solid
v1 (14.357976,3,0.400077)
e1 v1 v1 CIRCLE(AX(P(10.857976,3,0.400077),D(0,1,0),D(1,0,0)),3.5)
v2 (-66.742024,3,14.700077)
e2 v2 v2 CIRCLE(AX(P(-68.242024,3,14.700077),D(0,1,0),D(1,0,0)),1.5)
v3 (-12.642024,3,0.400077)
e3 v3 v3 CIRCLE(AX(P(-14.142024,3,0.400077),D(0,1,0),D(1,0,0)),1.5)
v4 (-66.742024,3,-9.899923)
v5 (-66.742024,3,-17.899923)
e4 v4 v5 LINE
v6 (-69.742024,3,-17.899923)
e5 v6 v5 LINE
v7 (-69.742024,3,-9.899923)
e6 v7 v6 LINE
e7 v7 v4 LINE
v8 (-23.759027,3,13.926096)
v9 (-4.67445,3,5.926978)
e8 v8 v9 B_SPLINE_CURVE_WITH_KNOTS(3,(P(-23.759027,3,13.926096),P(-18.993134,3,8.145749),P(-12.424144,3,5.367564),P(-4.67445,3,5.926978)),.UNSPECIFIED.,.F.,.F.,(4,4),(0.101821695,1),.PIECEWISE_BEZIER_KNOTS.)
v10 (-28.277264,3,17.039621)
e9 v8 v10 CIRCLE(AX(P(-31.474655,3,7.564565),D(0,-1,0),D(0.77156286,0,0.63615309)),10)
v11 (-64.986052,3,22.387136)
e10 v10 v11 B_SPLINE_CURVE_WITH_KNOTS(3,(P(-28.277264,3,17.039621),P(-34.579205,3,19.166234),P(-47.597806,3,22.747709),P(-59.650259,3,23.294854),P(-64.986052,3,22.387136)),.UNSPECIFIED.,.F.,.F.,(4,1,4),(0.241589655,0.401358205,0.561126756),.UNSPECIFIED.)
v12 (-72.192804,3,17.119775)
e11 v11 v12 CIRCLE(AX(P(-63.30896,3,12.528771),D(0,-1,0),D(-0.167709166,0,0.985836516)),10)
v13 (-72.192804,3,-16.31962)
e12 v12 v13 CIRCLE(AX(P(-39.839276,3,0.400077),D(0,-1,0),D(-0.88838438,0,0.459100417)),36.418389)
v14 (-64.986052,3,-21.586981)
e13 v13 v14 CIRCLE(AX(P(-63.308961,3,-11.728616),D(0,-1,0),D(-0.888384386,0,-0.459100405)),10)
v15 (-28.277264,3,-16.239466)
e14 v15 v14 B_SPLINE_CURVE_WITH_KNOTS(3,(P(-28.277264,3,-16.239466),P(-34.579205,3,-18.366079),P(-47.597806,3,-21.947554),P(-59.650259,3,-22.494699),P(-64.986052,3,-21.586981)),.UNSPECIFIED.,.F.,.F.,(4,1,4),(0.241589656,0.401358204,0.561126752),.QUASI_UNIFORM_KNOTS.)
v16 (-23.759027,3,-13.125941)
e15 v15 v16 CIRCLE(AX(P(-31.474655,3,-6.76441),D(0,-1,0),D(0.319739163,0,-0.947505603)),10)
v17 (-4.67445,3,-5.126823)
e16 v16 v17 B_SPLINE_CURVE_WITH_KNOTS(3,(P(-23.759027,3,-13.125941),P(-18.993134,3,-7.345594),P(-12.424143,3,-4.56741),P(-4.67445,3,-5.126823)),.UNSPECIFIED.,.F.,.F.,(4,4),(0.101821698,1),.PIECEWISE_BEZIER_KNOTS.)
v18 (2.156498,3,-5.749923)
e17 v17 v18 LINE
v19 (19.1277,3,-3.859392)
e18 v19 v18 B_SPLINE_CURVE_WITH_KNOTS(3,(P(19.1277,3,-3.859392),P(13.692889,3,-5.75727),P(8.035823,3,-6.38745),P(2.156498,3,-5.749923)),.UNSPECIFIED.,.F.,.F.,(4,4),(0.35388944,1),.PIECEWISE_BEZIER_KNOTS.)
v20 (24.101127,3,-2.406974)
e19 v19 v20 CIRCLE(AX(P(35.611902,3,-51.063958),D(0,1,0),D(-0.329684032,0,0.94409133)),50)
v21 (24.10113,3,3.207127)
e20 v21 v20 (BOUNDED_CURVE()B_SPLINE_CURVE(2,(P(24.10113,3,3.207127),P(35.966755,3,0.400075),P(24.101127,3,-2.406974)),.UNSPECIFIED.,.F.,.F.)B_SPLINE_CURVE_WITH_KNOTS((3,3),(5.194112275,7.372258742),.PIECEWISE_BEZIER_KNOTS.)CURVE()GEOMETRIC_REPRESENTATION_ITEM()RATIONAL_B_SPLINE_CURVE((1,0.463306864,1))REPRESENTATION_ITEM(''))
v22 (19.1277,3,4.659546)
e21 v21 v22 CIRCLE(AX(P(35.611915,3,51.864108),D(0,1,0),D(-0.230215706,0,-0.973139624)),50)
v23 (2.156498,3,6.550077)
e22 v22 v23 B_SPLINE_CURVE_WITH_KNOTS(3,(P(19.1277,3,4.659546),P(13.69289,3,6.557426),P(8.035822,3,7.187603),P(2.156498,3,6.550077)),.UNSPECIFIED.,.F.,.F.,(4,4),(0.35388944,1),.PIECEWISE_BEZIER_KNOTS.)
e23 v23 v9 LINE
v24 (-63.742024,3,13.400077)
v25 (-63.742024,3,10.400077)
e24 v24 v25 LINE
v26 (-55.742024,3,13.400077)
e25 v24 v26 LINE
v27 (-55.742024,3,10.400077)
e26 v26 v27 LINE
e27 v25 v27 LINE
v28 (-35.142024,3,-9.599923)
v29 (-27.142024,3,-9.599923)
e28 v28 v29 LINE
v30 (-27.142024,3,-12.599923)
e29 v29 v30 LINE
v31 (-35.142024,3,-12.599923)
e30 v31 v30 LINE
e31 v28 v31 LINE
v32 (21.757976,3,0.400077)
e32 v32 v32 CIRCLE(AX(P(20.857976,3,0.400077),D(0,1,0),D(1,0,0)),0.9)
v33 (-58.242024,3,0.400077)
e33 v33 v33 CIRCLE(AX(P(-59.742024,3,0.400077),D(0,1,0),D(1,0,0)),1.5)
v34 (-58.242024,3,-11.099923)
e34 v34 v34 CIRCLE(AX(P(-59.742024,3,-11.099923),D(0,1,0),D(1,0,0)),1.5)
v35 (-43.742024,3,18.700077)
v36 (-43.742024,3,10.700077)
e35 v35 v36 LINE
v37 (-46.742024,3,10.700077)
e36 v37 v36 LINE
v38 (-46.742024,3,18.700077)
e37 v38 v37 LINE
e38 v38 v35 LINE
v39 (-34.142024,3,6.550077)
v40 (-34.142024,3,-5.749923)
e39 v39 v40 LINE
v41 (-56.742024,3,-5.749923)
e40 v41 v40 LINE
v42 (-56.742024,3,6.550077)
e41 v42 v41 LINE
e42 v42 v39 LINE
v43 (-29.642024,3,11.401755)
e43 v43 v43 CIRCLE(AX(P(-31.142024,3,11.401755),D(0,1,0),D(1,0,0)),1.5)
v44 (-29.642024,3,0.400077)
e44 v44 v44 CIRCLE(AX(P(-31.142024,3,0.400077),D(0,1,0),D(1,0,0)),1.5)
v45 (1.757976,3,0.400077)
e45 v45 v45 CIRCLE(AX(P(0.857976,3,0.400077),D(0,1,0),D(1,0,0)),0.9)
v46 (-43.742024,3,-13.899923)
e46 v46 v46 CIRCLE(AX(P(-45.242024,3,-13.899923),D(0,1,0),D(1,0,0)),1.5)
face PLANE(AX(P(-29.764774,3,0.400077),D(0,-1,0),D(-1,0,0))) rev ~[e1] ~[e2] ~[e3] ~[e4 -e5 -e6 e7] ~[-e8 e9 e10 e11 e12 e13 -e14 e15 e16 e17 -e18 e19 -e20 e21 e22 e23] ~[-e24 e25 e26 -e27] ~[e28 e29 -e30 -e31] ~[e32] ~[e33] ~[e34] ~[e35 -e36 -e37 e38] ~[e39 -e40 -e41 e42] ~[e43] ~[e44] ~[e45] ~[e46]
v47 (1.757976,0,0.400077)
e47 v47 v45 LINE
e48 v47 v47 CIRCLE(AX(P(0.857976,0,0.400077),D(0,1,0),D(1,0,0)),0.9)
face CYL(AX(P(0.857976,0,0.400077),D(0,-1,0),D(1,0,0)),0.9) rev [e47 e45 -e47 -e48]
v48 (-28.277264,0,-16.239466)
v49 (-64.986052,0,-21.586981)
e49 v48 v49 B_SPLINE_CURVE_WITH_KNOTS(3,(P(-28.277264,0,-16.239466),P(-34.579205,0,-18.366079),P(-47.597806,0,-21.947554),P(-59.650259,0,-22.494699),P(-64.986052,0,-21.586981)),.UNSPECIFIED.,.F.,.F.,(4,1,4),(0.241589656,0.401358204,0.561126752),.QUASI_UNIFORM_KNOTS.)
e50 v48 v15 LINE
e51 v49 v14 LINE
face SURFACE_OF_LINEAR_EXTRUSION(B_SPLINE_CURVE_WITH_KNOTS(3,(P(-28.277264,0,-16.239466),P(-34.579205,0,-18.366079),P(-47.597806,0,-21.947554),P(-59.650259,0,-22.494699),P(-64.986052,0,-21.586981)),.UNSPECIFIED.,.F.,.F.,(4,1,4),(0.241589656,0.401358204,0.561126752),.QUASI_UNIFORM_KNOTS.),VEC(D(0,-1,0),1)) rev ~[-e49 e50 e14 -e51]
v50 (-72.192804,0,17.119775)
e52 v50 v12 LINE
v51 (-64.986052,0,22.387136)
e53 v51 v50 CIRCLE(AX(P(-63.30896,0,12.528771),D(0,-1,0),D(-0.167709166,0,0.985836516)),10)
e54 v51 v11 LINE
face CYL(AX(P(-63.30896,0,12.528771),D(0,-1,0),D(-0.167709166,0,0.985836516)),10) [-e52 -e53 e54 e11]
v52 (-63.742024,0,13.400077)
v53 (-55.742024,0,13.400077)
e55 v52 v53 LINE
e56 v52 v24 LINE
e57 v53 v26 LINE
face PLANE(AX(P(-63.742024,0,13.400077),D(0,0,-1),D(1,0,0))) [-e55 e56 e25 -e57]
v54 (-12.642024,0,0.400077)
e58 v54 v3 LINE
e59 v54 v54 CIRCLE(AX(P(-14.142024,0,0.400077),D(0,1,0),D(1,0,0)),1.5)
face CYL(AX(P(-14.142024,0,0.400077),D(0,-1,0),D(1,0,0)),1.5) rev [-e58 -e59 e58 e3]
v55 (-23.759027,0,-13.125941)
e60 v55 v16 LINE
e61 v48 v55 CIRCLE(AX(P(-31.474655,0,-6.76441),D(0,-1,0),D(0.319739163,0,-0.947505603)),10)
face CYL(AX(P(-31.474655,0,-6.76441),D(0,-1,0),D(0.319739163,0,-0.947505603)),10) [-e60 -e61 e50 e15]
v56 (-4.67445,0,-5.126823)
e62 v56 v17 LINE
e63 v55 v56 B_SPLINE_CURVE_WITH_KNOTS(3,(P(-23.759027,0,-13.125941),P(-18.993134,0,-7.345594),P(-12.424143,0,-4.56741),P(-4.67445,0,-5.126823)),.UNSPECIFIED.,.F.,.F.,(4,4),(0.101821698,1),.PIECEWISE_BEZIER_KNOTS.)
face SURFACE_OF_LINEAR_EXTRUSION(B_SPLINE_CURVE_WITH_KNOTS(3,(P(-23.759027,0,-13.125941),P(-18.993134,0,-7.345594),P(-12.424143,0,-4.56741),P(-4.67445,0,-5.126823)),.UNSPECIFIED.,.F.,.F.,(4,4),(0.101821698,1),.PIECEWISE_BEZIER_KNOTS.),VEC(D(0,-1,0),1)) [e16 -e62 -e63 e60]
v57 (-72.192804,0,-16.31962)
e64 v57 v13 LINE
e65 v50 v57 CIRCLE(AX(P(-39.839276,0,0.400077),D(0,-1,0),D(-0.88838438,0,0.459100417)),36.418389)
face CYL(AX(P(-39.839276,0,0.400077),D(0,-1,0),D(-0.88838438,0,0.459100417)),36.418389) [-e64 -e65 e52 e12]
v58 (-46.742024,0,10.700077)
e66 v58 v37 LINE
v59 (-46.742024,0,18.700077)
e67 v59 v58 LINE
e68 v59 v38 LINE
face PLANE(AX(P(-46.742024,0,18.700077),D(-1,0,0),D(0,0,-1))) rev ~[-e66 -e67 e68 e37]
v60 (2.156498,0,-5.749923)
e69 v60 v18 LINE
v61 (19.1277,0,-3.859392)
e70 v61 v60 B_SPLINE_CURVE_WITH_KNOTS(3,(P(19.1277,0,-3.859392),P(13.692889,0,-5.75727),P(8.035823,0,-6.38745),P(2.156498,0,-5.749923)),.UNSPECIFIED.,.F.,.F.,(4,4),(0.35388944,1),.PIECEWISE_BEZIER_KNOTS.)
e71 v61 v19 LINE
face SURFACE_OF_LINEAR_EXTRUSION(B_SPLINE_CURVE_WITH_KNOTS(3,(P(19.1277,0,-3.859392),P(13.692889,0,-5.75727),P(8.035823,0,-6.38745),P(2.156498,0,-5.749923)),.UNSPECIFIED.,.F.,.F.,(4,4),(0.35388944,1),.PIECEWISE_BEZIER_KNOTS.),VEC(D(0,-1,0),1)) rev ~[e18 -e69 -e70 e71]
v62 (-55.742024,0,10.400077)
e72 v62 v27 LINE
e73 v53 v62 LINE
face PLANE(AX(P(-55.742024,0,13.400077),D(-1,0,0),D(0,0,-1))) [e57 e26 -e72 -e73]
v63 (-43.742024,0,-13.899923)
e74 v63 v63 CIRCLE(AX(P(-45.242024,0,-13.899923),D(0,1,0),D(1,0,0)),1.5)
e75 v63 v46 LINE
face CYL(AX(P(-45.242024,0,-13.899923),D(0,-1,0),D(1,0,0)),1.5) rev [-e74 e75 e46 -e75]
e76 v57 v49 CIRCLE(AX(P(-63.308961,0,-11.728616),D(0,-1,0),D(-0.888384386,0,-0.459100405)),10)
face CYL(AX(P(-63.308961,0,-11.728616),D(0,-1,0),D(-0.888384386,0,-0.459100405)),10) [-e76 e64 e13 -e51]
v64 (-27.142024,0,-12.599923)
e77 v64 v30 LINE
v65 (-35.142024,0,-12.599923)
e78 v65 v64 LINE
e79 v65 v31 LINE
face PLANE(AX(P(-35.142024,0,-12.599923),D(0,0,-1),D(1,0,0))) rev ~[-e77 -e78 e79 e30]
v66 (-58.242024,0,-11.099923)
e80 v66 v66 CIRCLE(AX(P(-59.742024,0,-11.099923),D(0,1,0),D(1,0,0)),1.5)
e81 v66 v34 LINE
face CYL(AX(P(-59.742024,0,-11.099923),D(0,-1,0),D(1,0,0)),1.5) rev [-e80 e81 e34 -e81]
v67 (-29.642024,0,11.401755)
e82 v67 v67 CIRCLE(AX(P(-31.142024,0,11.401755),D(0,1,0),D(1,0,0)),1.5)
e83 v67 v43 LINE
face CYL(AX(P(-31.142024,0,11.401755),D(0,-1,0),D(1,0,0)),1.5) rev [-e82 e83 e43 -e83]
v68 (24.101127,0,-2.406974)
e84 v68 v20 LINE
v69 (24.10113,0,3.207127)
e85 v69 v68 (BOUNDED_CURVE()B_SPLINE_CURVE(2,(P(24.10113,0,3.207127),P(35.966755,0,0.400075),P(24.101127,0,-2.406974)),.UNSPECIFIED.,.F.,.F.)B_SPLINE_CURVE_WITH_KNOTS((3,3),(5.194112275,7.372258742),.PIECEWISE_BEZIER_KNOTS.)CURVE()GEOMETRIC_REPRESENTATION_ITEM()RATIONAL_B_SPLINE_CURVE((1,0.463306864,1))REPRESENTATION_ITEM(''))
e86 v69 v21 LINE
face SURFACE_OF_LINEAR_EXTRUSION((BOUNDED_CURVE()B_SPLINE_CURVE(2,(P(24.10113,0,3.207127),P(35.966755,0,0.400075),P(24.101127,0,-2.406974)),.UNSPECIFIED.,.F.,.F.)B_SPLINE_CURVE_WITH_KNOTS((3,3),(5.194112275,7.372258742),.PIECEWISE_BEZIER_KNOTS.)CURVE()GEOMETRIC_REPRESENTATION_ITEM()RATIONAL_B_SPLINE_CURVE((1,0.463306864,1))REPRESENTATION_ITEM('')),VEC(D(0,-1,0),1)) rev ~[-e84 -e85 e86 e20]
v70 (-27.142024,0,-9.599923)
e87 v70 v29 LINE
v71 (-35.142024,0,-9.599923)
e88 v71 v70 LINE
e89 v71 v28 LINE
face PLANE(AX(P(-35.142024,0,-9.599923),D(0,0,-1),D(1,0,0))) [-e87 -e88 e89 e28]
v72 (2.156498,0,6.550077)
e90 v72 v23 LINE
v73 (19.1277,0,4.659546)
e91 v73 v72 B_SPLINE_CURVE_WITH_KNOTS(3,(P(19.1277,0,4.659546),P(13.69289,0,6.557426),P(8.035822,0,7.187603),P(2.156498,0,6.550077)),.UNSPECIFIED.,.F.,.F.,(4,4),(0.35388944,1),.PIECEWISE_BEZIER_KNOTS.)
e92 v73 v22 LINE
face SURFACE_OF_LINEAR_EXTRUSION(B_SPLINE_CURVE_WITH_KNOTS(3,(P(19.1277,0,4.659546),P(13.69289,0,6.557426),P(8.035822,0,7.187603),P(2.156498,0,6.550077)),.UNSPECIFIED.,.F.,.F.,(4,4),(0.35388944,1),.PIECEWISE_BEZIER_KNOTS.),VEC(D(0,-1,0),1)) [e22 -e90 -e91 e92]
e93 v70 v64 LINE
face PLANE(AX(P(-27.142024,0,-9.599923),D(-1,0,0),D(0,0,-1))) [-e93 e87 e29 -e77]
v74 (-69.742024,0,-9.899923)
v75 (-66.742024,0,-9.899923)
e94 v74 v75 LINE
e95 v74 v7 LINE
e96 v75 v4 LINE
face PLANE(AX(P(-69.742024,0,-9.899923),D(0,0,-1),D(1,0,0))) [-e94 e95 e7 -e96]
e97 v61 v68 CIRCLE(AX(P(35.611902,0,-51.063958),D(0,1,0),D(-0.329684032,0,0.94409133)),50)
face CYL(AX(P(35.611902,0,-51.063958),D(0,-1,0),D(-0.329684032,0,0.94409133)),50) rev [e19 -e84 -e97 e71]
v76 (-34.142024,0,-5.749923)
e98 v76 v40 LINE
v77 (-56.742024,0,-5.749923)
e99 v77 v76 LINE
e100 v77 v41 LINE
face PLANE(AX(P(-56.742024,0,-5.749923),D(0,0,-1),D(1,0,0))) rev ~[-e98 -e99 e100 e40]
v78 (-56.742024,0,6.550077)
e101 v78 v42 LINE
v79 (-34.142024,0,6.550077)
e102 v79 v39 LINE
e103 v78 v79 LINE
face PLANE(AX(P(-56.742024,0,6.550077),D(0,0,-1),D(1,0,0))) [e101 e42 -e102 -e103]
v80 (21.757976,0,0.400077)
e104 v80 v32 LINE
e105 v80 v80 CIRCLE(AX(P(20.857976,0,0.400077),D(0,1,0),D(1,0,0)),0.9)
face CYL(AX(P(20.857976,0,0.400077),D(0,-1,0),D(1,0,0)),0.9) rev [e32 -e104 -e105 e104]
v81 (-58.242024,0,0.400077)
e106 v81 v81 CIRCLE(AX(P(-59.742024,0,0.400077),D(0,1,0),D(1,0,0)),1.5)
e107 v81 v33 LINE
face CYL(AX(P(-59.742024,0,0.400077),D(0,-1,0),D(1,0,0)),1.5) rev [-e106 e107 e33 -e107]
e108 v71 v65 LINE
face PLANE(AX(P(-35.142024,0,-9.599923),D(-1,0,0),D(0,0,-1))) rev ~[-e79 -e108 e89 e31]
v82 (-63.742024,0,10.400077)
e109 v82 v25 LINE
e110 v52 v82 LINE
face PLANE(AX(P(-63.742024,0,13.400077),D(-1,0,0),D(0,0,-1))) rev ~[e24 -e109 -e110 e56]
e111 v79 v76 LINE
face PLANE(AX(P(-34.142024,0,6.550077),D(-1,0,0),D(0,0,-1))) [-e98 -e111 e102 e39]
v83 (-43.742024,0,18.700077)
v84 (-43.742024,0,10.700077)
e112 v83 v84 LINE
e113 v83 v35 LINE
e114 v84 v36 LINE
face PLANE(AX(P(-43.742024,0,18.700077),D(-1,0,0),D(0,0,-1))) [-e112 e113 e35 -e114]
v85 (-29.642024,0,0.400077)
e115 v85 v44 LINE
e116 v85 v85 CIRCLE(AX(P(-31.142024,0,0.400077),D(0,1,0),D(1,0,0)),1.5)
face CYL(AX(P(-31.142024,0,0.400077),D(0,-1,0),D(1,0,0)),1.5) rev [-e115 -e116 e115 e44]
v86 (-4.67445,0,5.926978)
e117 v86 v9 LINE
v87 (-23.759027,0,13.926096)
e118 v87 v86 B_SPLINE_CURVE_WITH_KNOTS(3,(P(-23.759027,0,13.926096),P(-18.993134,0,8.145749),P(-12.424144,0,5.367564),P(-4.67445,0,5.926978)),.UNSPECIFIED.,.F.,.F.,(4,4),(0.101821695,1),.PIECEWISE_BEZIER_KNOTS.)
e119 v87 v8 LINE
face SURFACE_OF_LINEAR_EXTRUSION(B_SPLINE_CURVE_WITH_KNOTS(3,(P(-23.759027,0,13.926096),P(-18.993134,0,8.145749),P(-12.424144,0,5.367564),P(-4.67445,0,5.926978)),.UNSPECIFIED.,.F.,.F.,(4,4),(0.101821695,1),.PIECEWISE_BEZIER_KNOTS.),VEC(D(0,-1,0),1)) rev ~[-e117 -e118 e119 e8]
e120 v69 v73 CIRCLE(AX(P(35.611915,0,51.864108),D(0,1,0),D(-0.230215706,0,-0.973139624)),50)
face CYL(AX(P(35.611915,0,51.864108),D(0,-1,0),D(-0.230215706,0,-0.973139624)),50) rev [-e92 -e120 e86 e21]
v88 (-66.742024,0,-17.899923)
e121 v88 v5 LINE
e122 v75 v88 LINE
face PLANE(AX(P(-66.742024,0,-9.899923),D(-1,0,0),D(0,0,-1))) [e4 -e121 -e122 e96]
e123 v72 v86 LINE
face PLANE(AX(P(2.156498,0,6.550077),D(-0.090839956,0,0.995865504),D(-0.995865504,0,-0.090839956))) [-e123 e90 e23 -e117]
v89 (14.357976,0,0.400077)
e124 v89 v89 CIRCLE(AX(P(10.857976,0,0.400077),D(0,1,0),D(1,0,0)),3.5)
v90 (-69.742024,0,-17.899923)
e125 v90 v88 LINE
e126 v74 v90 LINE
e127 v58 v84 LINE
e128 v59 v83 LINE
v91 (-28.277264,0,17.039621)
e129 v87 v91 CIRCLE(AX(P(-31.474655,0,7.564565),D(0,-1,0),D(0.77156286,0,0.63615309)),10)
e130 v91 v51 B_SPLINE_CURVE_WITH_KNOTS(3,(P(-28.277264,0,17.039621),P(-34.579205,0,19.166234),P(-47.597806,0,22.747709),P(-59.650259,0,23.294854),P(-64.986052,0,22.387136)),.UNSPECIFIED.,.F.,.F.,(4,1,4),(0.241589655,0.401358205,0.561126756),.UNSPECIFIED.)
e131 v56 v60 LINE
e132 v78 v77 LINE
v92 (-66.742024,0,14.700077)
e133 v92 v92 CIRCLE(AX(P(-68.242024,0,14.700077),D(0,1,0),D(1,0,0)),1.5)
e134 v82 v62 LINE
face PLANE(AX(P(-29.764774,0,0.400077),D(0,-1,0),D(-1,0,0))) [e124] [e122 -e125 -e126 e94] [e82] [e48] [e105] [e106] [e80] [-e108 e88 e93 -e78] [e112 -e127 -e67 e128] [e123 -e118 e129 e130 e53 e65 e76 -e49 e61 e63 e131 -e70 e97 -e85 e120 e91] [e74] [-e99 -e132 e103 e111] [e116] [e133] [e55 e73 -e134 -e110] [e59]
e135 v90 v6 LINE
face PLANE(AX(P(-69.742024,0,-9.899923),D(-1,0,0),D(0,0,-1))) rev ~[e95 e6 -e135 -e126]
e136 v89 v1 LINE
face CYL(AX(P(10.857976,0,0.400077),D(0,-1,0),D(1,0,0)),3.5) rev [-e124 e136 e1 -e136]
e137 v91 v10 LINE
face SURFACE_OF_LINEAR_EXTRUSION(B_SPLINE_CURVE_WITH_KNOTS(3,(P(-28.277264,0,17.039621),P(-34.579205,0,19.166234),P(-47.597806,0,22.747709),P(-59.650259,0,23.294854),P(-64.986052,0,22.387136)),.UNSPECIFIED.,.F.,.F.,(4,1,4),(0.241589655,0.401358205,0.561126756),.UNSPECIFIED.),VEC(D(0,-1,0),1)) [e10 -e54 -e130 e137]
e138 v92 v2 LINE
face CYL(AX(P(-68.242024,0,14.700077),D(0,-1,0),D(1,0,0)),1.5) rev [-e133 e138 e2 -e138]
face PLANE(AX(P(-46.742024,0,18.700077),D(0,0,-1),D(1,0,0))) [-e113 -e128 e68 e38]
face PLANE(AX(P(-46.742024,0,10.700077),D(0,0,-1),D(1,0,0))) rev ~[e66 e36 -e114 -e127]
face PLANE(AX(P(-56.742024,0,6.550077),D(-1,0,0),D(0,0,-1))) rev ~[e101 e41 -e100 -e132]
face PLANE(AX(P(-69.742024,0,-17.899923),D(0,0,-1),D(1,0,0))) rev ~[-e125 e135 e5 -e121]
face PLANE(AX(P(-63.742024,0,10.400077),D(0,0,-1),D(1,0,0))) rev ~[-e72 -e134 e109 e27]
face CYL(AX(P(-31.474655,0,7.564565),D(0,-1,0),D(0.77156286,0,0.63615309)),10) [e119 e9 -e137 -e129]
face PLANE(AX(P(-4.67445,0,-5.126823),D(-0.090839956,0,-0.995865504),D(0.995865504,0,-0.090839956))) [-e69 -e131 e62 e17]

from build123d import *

# Parameters (mm, degrees)
ESBO_O1_R                = 1.5
ESBO_O1_R_2              = 3.5
ESBO_O1_R_3              = 0.9
ESBO_O1_W                = 22.6
ESBO_O1_H                = 12.3
ESBO_O1_W_2              = 3
ESBO_O1_H_2              = 8
ESBO_O1_W_3              = 8
ESBO_O1_H_3              = 3
RESSALTO_EXTRUS_O1_DEPTH = 3


with BuildPart() as part:
    # Esboço1 → Ressalto-extrusão1 (new body)
    with BuildSketch(Plane(origin=(0, 0, 0), x_dir=(1, 0, 0), z_dir=(0, 1, 0))):
        with BuildLine():
            Line((-4.674449837, 5.126823449), (2.15649844, 5.74992269))
            add(Edge.make_bspline(
                [(19.127700004, 3.859391667), (13.692888976, 5.757269931), (8.035822873, 6.387450044), (2.15649844, 5.74992269)],
                knots=[0.35388944, 0.35388944, 0.35388944, 0.35388944, 1, 1, 1, 1], degree=3))
            ThreePointArc((19.127700004, 3.859391667), (21.595587829, 3.06871935), (24.101127023, 2.406974398))
            add(Edge.make_bspline(
                [(24.101129521, -3.20712694), (35.966754752, -0.40007519), (24.101127023, 2.406974398)],
                knots=[5.194112275, 5.194112275, 5.194112275, 7.372258742, 7.372258742, 7.372258742], degree=2, weights=[1, 0.463306864, 1]))
            ThreePointArc((24.101129521, -3.20712694), (21.595589041, -3.868872862), (19.127700004, -4.659546287))
            add(Edge.make_bspline(
                [(19.127700004, -4.659546287), (13.692889505, -6.55742607), (8.035822337, -7.187603127), (2.15649844, -6.55007731)],
                knots=[0.35388944, 0.35388944, 0.35388944, 0.35388944, 1, 1, 1, 1], degree=3))
            Line((2.15649844, -6.55007731), (-4.674449837, -5.926978069))
            add(Edge.make_bspline(
                [(-23.759026807, -13.92609603), (-18.993134449, -8.145749128), (-12.424143506, -5.367564321), (-4.674449837, -5.926978069)],
                knots=[0.101821695, 0.101821695, 0.101821695, 0.101821695, 1, 1, 1, 1], degree=3))
            ThreePointArc((-23.759026807, -13.92609603), (-25.800414194, -15.798822034), (-28.277263571, -17.039621097))
            add(Edge.make_bspline(
                [(-28.277263571, -17.039621097), (-34.579205058, -19.166234), (-47.597806191, -22.747709276), (-59.650258973, -23.294853785), (-64.986052109, -22.387135922)],
                knots=[0.241589655, 0.241589655, 0.241589655, 0.241589655, 0.401358205, 0.561126756, 0.561126756, 0.561126756, 0.561126756], degree=3))
            ThreePointArc((-64.986052109, -22.387135922), (-69.209775007, -20.602207926), (-72.192804257, -17.119774932))
            ThreePointArc((-72.192804257, -17.119774932), (-76.257665323, -0.40007754), (-72.192804468, 16.319619904))
            ThreePointArc((-72.192804468, 16.319619904), (-69.209774999, 19.802053128), (-64.986051746, 21.586981094))
            add(Edge.make_bspline(
                [(-28.2772637, 16.239466453), (-34.57920511, 18.366079177), (-47.597806077, 21.947554059), (-59.650258689, 22.494698656), (-64.986051746, 21.586981094)],
                knots=[0.241589656, 0.241589656, 0.241589656, 0.241589656, 0.401358204, 0.561126752, 0.561126752, 0.561126752, 0.561126752], degree=3))
            ThreePointArc((-28.2772637, 16.239466453), (-25.80041422, 14.998667392), (-23.759026751, 13.125941342))
            add(Edge.make_bspline(
                [(-23.759026751, 13.125941342), (-18.993134399, 7.345594488), (-12.424143468, 4.567409699), (-4.674449837, 5.126823449)],
                knots=[0.101821698, 0.101821698, 0.101821698, 0.101821698, 1, 1, 1, 1], degree=3))
        make_face()
        with Locations((-59.742023738, -0.40007731)):
            Circle(ESBO_O1_R, mode=Mode.SUBTRACT)
        with Locations((-31.142023738, -0.40007731)):
            Circle(ESBO_O1_R, mode=Mode.SUBTRACT)
        with Locations((-45.242023738, 13.89992269)):
            Circle(ESBO_O1_R, mode=Mode.SUBTRACT)
        with Locations((-68.242023738, -14.70007731)):
            Circle(ESBO_O1_R, mode=Mode.SUBTRACT)
        with Locations((-59.742023738, 11.09992269)):
            Circle(ESBO_O1_R, mode=Mode.SUBTRACT)
        with Locations((-31.142023738, -11.40175485)):
            Circle(ESBO_O1_R, mode=Mode.SUBTRACT)
        with Locations((10.857976262, -0.40007731)):
            Circle(ESBO_O1_R_2, mode=Mode.SUBTRACT)
        with Locations((20.857976262, -0.40007731)):
            Circle(ESBO_O1_R_3, mode=Mode.SUBTRACT)
        with Locations((0.857976262, -0.40007731)):
            Circle(ESBO_O1_R_3, mode=Mode.SUBTRACT)
        with Locations((-14.142023738, -0.40007731)):
            Circle(ESBO_O1_R, mode=Mode.SUBTRACT)
        with Locations((-45.442023738, -0.40007731)):
            Rectangle(ESBO_O1_W, ESBO_O1_H, mode=Mode.SUBTRACT)
        with Locations((-45.242023738, -14.70007731)):
            Rectangle(ESBO_O1_W_2, ESBO_O1_H_2, mode=Mode.SUBTRACT)
        with Locations((-68.242023738, 13.89992269)):
            Rectangle(ESBO_O1_W_2, ESBO_O1_H_2, mode=Mode.SUBTRACT)
        with Locations((-31.142023738, 11.099922699)):
            Rectangle(ESBO_O1_W_3, ESBO_O1_H_3, mode=Mode.SUBTRACT)
        with Locations((-59.742023738, -11.90007731)):
            Rectangle(ESBO_O1_W_3, ESBO_O1_H_3, mode=Mode.SUBTRACT)
    extrude(amount=RESSALTO_EXTRUS_O1_DEPTH)


solid = part.part
